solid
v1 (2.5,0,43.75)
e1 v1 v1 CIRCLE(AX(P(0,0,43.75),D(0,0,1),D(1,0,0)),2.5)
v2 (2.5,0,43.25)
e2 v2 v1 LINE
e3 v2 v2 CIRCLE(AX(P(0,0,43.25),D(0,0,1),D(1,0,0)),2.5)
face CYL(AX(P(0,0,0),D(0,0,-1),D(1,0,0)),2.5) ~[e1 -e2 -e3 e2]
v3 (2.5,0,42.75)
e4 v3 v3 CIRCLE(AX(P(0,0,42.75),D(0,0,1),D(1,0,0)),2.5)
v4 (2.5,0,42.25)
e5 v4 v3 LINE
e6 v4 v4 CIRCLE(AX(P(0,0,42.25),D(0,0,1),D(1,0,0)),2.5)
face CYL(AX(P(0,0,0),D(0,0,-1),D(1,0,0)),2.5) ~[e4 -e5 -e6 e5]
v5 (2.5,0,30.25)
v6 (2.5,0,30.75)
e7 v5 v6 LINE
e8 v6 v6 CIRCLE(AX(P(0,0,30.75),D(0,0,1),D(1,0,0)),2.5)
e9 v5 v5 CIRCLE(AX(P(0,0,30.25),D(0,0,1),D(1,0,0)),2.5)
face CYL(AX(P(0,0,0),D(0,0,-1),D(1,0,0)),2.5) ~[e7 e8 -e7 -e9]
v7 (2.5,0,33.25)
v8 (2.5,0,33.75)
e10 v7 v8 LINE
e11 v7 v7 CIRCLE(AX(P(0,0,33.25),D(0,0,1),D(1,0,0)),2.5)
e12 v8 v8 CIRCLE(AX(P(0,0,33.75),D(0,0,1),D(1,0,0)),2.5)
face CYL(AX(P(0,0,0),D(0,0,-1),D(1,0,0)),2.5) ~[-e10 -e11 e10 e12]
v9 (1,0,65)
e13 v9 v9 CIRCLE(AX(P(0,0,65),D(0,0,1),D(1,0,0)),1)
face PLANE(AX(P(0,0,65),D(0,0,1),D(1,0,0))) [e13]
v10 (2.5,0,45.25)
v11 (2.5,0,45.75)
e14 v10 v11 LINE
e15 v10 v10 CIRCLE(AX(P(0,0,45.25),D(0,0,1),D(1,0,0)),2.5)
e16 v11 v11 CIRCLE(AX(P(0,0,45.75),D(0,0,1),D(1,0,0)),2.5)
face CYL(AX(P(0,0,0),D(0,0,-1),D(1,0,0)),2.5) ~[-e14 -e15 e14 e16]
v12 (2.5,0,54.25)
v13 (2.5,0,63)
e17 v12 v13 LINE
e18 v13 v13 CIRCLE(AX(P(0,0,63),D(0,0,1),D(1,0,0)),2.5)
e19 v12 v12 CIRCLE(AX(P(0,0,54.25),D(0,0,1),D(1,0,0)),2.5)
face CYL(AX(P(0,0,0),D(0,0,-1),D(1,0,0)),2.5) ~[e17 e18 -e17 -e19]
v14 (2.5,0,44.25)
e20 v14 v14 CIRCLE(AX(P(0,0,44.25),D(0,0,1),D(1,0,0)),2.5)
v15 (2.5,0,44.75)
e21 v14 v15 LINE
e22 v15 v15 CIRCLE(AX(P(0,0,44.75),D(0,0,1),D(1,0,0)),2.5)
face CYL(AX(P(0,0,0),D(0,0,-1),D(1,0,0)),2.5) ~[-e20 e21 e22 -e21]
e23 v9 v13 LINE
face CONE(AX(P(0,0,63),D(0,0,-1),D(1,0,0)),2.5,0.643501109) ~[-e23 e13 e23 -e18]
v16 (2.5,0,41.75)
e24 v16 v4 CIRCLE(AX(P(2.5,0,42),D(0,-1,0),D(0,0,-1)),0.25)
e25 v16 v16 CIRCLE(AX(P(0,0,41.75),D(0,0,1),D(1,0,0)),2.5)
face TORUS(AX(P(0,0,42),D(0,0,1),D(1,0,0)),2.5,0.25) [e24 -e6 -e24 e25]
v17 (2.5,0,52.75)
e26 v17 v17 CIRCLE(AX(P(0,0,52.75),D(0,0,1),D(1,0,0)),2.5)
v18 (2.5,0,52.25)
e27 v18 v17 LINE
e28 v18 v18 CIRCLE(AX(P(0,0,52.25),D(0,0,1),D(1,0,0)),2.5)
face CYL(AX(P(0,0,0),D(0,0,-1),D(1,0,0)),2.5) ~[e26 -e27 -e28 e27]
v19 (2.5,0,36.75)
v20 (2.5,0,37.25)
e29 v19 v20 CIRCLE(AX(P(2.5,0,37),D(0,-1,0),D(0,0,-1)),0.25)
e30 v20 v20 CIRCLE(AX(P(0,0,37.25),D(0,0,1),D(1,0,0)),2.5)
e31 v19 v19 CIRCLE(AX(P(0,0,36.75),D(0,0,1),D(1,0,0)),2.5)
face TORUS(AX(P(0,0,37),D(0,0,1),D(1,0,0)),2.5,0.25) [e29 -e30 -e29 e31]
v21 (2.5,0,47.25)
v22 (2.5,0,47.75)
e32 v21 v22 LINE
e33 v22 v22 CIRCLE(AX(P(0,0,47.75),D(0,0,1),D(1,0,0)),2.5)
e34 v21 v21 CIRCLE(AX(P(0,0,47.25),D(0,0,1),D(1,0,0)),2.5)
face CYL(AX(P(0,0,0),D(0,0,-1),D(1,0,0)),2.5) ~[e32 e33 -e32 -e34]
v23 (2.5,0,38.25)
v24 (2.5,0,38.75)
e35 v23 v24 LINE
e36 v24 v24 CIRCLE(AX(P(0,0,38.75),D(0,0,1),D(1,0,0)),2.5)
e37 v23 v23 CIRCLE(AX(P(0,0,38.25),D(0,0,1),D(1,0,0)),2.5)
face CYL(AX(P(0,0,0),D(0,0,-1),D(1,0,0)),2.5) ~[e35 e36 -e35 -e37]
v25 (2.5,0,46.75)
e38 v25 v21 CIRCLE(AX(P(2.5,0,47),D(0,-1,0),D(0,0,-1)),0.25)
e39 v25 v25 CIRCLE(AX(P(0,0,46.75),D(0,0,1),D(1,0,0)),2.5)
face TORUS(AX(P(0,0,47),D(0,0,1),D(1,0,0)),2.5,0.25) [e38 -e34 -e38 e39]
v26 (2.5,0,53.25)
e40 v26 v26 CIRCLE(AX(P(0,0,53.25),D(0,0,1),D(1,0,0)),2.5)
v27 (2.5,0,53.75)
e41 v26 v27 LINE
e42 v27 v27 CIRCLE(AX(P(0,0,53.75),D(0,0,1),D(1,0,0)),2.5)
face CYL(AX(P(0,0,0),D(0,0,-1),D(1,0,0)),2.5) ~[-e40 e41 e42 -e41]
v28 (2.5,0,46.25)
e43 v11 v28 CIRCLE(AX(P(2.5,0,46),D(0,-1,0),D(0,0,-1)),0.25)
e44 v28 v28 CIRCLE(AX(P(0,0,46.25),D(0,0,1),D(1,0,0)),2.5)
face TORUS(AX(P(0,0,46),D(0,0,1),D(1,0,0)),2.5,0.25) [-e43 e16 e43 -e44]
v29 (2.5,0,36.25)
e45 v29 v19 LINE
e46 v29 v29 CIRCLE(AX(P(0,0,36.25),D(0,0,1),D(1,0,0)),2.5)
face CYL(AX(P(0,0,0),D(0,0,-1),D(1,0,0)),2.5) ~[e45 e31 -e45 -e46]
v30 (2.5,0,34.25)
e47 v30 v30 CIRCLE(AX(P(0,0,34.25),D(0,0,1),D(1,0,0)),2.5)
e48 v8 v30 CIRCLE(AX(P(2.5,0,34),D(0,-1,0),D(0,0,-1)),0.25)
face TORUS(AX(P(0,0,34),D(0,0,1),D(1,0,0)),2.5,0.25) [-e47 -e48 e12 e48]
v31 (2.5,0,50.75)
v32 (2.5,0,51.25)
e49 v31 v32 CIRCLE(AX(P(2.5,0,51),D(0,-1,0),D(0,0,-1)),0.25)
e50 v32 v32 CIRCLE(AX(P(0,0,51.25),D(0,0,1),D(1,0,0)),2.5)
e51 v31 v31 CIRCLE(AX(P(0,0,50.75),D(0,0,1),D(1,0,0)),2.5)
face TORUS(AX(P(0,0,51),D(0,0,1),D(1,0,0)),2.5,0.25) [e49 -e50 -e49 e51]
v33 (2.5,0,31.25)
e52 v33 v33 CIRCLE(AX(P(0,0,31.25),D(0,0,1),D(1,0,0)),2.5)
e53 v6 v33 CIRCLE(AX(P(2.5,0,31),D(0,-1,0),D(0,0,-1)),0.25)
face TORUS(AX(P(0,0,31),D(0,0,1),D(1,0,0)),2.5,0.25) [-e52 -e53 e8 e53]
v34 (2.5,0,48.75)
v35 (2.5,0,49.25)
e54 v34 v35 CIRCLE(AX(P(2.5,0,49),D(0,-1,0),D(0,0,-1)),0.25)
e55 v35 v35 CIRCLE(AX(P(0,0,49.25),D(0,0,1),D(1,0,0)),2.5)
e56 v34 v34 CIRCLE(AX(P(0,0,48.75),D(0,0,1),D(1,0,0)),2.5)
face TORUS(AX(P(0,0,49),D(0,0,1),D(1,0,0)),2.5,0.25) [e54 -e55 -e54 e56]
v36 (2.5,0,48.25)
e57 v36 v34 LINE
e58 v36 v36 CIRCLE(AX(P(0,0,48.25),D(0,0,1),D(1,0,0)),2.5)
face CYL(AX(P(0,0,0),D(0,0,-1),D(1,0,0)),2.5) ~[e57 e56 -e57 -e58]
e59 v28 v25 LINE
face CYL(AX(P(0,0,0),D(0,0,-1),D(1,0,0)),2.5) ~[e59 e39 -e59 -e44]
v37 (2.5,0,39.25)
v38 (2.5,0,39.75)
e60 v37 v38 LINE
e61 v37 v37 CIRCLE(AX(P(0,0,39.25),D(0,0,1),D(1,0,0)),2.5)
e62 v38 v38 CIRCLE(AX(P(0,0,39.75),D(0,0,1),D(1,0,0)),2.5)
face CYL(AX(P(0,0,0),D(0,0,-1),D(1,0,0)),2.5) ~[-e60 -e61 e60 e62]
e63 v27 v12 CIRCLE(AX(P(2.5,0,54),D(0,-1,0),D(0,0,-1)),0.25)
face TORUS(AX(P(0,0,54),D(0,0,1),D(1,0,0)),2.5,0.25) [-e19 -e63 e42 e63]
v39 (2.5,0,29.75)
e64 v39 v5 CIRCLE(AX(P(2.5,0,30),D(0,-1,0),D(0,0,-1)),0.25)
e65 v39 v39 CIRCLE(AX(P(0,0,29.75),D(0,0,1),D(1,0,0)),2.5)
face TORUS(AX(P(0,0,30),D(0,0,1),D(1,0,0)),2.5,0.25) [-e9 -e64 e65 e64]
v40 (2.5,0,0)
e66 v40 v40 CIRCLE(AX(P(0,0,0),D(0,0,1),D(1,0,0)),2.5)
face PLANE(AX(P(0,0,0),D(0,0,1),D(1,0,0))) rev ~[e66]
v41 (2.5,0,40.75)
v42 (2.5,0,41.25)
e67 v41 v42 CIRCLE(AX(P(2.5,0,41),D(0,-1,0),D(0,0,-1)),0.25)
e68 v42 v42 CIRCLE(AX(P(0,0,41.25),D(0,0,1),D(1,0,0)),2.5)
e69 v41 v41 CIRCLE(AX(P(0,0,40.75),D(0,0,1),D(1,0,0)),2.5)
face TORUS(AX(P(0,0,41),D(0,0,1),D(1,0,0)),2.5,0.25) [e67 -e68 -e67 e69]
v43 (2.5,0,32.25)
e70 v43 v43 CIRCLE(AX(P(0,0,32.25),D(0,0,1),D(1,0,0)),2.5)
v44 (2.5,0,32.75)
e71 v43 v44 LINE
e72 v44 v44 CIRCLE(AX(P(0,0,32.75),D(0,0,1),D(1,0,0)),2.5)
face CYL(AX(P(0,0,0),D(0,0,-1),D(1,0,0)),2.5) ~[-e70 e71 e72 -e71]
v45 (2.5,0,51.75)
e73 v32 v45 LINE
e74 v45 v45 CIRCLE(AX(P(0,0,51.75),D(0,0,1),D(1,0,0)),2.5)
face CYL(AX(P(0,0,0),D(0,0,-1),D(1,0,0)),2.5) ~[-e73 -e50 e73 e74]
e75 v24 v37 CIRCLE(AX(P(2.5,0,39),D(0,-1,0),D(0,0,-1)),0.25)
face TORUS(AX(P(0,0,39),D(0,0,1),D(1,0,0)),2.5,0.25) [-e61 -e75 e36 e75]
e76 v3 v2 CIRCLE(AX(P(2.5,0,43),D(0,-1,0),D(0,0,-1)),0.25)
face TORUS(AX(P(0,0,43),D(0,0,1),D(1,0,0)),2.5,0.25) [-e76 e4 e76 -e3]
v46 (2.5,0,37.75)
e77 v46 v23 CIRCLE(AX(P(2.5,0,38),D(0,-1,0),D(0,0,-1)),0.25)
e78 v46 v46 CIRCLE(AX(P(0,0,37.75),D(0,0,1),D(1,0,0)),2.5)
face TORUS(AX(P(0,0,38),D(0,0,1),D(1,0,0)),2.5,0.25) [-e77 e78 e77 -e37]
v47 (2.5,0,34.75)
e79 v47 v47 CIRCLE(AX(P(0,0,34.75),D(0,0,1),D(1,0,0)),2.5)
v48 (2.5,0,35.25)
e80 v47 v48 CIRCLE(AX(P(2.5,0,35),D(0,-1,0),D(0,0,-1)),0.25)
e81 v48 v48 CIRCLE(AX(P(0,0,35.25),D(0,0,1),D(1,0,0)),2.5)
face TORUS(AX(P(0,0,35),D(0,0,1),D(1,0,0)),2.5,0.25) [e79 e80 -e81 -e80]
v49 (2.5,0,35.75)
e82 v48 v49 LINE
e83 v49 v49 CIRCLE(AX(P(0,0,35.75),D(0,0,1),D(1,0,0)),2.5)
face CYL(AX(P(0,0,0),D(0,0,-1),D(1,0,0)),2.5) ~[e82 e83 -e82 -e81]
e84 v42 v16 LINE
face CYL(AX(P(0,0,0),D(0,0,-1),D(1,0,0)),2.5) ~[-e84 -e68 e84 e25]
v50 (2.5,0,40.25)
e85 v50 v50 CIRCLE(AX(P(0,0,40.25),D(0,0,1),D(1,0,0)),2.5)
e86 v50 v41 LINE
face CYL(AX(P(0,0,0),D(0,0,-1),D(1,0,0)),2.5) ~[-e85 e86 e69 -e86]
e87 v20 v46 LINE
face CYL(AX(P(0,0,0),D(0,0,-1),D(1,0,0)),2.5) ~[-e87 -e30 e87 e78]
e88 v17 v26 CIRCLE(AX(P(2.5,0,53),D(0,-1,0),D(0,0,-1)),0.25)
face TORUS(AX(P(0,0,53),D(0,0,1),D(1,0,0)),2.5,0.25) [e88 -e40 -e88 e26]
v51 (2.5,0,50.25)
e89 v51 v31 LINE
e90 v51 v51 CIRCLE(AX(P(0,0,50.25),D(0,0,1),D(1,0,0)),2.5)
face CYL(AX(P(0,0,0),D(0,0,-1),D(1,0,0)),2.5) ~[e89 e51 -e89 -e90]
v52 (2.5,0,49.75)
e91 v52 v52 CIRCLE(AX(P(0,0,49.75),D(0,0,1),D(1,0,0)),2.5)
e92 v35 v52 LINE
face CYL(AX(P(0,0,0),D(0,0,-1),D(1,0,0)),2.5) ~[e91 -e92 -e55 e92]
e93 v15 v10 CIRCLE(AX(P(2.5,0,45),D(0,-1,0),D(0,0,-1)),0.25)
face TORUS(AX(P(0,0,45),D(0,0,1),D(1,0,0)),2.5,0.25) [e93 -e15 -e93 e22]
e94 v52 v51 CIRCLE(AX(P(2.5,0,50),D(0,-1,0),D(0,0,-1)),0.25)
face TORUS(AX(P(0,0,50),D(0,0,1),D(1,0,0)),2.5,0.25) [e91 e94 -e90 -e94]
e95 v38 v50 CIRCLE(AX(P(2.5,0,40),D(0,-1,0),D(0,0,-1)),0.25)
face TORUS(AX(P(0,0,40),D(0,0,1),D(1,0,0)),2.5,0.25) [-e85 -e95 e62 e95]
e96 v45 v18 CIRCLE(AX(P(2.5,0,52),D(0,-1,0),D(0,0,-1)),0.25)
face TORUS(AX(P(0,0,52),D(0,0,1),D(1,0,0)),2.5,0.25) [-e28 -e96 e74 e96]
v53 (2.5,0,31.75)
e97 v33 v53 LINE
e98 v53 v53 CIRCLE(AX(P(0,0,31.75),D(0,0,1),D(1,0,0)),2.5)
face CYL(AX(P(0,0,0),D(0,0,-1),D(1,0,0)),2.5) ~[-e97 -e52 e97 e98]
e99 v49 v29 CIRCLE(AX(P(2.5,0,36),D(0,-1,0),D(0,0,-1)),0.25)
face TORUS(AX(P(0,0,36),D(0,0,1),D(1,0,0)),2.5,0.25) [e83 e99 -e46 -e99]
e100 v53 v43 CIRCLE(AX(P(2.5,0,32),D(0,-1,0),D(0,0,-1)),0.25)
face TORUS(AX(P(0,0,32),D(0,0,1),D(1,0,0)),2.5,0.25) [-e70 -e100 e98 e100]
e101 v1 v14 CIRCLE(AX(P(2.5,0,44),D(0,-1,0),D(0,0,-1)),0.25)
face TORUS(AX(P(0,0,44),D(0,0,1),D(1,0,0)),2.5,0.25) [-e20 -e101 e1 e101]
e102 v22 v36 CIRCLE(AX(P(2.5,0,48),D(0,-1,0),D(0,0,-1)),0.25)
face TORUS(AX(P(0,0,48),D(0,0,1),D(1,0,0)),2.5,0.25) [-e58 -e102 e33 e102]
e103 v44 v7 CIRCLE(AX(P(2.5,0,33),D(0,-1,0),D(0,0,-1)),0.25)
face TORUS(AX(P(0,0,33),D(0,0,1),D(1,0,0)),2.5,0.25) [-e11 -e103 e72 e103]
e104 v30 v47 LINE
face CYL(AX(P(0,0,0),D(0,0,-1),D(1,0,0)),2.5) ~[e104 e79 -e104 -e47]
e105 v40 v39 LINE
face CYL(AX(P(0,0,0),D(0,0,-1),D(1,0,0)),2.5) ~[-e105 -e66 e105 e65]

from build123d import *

# Parameters (mm, degrees)
F0_R     = 2.5
F1_DEPTH = 65
F4_SIZE2 = 2
F4_SIZE  = 1.5


with BuildPart() as f1:
    # F0 (on Top) → F1 (new body)
    with BuildSketch(Plane.XY):
        Circle(F0_R)
    extrude(amount=F1_DEPTH)

    # F2 (on Front) → F3 (revolve)
    with BuildSketch(Plane.XZ):
        with BuildLine():
            Line((2.5, 30.25), (2.5, 29.75))
            ThreePointArc((2.5, 29.75), (2.75, 30), (2.5, 30.25))
        make_face()
        with BuildLine():
            Line((2.5, 31.25), (2.5, 30.75))
            ThreePointArc((2.5, 30.75), (2.75, 31), (2.5, 31.25))
        make_face()
        with BuildLine():
            Line((2.5, 32.25), (2.5, 31.75))
            ThreePointArc((2.5, 31.75), (2.75, 32), (2.5, 32.25))
        make_face()
        with BuildLine():
            Line((2.5, 33.25), (2.5, 32.75))
            ThreePointArc((2.5, 32.75), (2.75, 33), (2.5, 33.25))
        make_face()
        with BuildLine():
            Line((2.5, 34.25), (2.5, 33.75))
            ThreePointArc((2.5, 33.75), (2.75, 34), (2.5, 34.25))
        make_face()
        with BuildLine():
            Line((2.5, 35.25), (2.5, 34.75))
            ThreePointArc((2.5, 34.75), (2.75, 35), (2.5, 35.25))
        make_face()
        with BuildLine():
            Line((2.5, 36.25), (2.5, 35.75))
            ThreePointArc((2.5, 35.75), (2.75, 36), (2.5, 36.25))
        make_face()
        with BuildLine():
            Line((2.5, 37.25), (2.5, 36.75))
            ThreePointArc((2.5, 36.75), (2.75, 37), (2.5, 37.25))
        make_face()
        with BuildLine():
            Line((2.5, 38.25), (2.5, 37.75))
            ThreePointArc((2.5, 37.75), (2.75, 38), (2.5, 38.25))
        make_face()
        with BuildLine():
            Line((2.5, 39.25), (2.5, 38.75))
            ThreePointArc((2.5, 38.75), (2.75, 39), (2.5, 39.25))
        make_face()
        with BuildLine():
            Line((2.5, 40.25), (2.5, 39.75))
            ThreePointArc((2.5, 39.75), (2.75, 40), (2.5, 40.25))
        make_face()
        with BuildLine():
            Line((2.5, 41.25), (2.5, 40.75))
            ThreePointArc((2.5, 40.75), (2.75, 41), (2.5, 41.25))
        make_face()
        with BuildLine():
            Line((2.5, 42.25), (2.5, 41.75))
            ThreePointArc((2.5, 41.75), (2.75, 42), (2.5, 42.25))
        make_face()
        with BuildLine():
            Line((2.5, 43.25), (2.5, 42.75))
            ThreePointArc((2.5, 42.75), (2.75, 43), (2.5, 43.25))
        make_face()
        with BuildLine():
            Line((2.5, 44.25), (2.5, 43.75))
            ThreePointArc((2.5, 43.75), (2.75, 44), (2.5, 44.25))
        make_face()
        with BuildLine():
            Line((2.5, 45.25), (2.5, 44.75))
            ThreePointArc((2.5, 44.75), (2.75, 45), (2.5, 45.25))
        make_face()
        with BuildLine():
            Line((2.5, 46.25), (2.5, 45.75))
            ThreePointArc((2.5, 45.75), (2.75, 46), (2.5, 46.25))
        make_face()
        with BuildLine():
            Line((2.5, 47.25), (2.5, 46.75))
            ThreePointArc((2.5, 46.75), (2.75, 47), (2.5, 47.25))
        make_face()
        with BuildLine():
            Line((2.5, 48.25), (2.5, 47.75))
            ThreePointArc((2.5, 47.75), (2.75, 48), (2.5, 48.25))
        make_face()
        with BuildLine():
            Line((2.5, 49.25), (2.5, 48.75))
            ThreePointArc((2.5, 48.75), (2.75, 49), (2.5, 49.25))
        make_face()
        with BuildLine():
            Line((2.5, 50.25), (2.5, 49.75))
            ThreePointArc((2.5, 49.75), (2.75, 50), (2.5, 50.25))
        make_face()
        with BuildLine():
            Line((2.5, 51.25), (2.5, 50.75))
            ThreePointArc((2.5, 50.75), (2.75, 51), (2.5, 51.25))
        make_face()
        with BuildLine():
            Line((2.5, 52.25), (2.5, 51.75))
            ThreePointArc((2.5, 51.75), (2.75, 52), (2.5, 52.25))
        make_face()
        with BuildLine():
            Line((2.5, 53.25), (2.5, 52.75))
            ThreePointArc((2.5, 52.75), (2.75, 53), (2.5, 53.25))
        make_face()
        with BuildLine():
            Line((2.5, 54.25), (2.5, 53.75))
            ThreePointArc((2.5, 53.75), (2.75, 54), (2.5, 54.25))
        make_face()
    revolve(axis=Axis((0, 0, 29.9090761691), (0, 0, 1)))

    # F4
    f4_edges = [f1.edges().sort_by_distance(p)[0] for p in [
        (-2.5, 0, 65),
    ]]
    f4_side = f1.faces().sort_by_distance((0, 0, 65))[0]
    chamfer(f4_edges, length=F4_SIZE, length2=F4_SIZE2, reference=f4_side)


solid = f1.part
